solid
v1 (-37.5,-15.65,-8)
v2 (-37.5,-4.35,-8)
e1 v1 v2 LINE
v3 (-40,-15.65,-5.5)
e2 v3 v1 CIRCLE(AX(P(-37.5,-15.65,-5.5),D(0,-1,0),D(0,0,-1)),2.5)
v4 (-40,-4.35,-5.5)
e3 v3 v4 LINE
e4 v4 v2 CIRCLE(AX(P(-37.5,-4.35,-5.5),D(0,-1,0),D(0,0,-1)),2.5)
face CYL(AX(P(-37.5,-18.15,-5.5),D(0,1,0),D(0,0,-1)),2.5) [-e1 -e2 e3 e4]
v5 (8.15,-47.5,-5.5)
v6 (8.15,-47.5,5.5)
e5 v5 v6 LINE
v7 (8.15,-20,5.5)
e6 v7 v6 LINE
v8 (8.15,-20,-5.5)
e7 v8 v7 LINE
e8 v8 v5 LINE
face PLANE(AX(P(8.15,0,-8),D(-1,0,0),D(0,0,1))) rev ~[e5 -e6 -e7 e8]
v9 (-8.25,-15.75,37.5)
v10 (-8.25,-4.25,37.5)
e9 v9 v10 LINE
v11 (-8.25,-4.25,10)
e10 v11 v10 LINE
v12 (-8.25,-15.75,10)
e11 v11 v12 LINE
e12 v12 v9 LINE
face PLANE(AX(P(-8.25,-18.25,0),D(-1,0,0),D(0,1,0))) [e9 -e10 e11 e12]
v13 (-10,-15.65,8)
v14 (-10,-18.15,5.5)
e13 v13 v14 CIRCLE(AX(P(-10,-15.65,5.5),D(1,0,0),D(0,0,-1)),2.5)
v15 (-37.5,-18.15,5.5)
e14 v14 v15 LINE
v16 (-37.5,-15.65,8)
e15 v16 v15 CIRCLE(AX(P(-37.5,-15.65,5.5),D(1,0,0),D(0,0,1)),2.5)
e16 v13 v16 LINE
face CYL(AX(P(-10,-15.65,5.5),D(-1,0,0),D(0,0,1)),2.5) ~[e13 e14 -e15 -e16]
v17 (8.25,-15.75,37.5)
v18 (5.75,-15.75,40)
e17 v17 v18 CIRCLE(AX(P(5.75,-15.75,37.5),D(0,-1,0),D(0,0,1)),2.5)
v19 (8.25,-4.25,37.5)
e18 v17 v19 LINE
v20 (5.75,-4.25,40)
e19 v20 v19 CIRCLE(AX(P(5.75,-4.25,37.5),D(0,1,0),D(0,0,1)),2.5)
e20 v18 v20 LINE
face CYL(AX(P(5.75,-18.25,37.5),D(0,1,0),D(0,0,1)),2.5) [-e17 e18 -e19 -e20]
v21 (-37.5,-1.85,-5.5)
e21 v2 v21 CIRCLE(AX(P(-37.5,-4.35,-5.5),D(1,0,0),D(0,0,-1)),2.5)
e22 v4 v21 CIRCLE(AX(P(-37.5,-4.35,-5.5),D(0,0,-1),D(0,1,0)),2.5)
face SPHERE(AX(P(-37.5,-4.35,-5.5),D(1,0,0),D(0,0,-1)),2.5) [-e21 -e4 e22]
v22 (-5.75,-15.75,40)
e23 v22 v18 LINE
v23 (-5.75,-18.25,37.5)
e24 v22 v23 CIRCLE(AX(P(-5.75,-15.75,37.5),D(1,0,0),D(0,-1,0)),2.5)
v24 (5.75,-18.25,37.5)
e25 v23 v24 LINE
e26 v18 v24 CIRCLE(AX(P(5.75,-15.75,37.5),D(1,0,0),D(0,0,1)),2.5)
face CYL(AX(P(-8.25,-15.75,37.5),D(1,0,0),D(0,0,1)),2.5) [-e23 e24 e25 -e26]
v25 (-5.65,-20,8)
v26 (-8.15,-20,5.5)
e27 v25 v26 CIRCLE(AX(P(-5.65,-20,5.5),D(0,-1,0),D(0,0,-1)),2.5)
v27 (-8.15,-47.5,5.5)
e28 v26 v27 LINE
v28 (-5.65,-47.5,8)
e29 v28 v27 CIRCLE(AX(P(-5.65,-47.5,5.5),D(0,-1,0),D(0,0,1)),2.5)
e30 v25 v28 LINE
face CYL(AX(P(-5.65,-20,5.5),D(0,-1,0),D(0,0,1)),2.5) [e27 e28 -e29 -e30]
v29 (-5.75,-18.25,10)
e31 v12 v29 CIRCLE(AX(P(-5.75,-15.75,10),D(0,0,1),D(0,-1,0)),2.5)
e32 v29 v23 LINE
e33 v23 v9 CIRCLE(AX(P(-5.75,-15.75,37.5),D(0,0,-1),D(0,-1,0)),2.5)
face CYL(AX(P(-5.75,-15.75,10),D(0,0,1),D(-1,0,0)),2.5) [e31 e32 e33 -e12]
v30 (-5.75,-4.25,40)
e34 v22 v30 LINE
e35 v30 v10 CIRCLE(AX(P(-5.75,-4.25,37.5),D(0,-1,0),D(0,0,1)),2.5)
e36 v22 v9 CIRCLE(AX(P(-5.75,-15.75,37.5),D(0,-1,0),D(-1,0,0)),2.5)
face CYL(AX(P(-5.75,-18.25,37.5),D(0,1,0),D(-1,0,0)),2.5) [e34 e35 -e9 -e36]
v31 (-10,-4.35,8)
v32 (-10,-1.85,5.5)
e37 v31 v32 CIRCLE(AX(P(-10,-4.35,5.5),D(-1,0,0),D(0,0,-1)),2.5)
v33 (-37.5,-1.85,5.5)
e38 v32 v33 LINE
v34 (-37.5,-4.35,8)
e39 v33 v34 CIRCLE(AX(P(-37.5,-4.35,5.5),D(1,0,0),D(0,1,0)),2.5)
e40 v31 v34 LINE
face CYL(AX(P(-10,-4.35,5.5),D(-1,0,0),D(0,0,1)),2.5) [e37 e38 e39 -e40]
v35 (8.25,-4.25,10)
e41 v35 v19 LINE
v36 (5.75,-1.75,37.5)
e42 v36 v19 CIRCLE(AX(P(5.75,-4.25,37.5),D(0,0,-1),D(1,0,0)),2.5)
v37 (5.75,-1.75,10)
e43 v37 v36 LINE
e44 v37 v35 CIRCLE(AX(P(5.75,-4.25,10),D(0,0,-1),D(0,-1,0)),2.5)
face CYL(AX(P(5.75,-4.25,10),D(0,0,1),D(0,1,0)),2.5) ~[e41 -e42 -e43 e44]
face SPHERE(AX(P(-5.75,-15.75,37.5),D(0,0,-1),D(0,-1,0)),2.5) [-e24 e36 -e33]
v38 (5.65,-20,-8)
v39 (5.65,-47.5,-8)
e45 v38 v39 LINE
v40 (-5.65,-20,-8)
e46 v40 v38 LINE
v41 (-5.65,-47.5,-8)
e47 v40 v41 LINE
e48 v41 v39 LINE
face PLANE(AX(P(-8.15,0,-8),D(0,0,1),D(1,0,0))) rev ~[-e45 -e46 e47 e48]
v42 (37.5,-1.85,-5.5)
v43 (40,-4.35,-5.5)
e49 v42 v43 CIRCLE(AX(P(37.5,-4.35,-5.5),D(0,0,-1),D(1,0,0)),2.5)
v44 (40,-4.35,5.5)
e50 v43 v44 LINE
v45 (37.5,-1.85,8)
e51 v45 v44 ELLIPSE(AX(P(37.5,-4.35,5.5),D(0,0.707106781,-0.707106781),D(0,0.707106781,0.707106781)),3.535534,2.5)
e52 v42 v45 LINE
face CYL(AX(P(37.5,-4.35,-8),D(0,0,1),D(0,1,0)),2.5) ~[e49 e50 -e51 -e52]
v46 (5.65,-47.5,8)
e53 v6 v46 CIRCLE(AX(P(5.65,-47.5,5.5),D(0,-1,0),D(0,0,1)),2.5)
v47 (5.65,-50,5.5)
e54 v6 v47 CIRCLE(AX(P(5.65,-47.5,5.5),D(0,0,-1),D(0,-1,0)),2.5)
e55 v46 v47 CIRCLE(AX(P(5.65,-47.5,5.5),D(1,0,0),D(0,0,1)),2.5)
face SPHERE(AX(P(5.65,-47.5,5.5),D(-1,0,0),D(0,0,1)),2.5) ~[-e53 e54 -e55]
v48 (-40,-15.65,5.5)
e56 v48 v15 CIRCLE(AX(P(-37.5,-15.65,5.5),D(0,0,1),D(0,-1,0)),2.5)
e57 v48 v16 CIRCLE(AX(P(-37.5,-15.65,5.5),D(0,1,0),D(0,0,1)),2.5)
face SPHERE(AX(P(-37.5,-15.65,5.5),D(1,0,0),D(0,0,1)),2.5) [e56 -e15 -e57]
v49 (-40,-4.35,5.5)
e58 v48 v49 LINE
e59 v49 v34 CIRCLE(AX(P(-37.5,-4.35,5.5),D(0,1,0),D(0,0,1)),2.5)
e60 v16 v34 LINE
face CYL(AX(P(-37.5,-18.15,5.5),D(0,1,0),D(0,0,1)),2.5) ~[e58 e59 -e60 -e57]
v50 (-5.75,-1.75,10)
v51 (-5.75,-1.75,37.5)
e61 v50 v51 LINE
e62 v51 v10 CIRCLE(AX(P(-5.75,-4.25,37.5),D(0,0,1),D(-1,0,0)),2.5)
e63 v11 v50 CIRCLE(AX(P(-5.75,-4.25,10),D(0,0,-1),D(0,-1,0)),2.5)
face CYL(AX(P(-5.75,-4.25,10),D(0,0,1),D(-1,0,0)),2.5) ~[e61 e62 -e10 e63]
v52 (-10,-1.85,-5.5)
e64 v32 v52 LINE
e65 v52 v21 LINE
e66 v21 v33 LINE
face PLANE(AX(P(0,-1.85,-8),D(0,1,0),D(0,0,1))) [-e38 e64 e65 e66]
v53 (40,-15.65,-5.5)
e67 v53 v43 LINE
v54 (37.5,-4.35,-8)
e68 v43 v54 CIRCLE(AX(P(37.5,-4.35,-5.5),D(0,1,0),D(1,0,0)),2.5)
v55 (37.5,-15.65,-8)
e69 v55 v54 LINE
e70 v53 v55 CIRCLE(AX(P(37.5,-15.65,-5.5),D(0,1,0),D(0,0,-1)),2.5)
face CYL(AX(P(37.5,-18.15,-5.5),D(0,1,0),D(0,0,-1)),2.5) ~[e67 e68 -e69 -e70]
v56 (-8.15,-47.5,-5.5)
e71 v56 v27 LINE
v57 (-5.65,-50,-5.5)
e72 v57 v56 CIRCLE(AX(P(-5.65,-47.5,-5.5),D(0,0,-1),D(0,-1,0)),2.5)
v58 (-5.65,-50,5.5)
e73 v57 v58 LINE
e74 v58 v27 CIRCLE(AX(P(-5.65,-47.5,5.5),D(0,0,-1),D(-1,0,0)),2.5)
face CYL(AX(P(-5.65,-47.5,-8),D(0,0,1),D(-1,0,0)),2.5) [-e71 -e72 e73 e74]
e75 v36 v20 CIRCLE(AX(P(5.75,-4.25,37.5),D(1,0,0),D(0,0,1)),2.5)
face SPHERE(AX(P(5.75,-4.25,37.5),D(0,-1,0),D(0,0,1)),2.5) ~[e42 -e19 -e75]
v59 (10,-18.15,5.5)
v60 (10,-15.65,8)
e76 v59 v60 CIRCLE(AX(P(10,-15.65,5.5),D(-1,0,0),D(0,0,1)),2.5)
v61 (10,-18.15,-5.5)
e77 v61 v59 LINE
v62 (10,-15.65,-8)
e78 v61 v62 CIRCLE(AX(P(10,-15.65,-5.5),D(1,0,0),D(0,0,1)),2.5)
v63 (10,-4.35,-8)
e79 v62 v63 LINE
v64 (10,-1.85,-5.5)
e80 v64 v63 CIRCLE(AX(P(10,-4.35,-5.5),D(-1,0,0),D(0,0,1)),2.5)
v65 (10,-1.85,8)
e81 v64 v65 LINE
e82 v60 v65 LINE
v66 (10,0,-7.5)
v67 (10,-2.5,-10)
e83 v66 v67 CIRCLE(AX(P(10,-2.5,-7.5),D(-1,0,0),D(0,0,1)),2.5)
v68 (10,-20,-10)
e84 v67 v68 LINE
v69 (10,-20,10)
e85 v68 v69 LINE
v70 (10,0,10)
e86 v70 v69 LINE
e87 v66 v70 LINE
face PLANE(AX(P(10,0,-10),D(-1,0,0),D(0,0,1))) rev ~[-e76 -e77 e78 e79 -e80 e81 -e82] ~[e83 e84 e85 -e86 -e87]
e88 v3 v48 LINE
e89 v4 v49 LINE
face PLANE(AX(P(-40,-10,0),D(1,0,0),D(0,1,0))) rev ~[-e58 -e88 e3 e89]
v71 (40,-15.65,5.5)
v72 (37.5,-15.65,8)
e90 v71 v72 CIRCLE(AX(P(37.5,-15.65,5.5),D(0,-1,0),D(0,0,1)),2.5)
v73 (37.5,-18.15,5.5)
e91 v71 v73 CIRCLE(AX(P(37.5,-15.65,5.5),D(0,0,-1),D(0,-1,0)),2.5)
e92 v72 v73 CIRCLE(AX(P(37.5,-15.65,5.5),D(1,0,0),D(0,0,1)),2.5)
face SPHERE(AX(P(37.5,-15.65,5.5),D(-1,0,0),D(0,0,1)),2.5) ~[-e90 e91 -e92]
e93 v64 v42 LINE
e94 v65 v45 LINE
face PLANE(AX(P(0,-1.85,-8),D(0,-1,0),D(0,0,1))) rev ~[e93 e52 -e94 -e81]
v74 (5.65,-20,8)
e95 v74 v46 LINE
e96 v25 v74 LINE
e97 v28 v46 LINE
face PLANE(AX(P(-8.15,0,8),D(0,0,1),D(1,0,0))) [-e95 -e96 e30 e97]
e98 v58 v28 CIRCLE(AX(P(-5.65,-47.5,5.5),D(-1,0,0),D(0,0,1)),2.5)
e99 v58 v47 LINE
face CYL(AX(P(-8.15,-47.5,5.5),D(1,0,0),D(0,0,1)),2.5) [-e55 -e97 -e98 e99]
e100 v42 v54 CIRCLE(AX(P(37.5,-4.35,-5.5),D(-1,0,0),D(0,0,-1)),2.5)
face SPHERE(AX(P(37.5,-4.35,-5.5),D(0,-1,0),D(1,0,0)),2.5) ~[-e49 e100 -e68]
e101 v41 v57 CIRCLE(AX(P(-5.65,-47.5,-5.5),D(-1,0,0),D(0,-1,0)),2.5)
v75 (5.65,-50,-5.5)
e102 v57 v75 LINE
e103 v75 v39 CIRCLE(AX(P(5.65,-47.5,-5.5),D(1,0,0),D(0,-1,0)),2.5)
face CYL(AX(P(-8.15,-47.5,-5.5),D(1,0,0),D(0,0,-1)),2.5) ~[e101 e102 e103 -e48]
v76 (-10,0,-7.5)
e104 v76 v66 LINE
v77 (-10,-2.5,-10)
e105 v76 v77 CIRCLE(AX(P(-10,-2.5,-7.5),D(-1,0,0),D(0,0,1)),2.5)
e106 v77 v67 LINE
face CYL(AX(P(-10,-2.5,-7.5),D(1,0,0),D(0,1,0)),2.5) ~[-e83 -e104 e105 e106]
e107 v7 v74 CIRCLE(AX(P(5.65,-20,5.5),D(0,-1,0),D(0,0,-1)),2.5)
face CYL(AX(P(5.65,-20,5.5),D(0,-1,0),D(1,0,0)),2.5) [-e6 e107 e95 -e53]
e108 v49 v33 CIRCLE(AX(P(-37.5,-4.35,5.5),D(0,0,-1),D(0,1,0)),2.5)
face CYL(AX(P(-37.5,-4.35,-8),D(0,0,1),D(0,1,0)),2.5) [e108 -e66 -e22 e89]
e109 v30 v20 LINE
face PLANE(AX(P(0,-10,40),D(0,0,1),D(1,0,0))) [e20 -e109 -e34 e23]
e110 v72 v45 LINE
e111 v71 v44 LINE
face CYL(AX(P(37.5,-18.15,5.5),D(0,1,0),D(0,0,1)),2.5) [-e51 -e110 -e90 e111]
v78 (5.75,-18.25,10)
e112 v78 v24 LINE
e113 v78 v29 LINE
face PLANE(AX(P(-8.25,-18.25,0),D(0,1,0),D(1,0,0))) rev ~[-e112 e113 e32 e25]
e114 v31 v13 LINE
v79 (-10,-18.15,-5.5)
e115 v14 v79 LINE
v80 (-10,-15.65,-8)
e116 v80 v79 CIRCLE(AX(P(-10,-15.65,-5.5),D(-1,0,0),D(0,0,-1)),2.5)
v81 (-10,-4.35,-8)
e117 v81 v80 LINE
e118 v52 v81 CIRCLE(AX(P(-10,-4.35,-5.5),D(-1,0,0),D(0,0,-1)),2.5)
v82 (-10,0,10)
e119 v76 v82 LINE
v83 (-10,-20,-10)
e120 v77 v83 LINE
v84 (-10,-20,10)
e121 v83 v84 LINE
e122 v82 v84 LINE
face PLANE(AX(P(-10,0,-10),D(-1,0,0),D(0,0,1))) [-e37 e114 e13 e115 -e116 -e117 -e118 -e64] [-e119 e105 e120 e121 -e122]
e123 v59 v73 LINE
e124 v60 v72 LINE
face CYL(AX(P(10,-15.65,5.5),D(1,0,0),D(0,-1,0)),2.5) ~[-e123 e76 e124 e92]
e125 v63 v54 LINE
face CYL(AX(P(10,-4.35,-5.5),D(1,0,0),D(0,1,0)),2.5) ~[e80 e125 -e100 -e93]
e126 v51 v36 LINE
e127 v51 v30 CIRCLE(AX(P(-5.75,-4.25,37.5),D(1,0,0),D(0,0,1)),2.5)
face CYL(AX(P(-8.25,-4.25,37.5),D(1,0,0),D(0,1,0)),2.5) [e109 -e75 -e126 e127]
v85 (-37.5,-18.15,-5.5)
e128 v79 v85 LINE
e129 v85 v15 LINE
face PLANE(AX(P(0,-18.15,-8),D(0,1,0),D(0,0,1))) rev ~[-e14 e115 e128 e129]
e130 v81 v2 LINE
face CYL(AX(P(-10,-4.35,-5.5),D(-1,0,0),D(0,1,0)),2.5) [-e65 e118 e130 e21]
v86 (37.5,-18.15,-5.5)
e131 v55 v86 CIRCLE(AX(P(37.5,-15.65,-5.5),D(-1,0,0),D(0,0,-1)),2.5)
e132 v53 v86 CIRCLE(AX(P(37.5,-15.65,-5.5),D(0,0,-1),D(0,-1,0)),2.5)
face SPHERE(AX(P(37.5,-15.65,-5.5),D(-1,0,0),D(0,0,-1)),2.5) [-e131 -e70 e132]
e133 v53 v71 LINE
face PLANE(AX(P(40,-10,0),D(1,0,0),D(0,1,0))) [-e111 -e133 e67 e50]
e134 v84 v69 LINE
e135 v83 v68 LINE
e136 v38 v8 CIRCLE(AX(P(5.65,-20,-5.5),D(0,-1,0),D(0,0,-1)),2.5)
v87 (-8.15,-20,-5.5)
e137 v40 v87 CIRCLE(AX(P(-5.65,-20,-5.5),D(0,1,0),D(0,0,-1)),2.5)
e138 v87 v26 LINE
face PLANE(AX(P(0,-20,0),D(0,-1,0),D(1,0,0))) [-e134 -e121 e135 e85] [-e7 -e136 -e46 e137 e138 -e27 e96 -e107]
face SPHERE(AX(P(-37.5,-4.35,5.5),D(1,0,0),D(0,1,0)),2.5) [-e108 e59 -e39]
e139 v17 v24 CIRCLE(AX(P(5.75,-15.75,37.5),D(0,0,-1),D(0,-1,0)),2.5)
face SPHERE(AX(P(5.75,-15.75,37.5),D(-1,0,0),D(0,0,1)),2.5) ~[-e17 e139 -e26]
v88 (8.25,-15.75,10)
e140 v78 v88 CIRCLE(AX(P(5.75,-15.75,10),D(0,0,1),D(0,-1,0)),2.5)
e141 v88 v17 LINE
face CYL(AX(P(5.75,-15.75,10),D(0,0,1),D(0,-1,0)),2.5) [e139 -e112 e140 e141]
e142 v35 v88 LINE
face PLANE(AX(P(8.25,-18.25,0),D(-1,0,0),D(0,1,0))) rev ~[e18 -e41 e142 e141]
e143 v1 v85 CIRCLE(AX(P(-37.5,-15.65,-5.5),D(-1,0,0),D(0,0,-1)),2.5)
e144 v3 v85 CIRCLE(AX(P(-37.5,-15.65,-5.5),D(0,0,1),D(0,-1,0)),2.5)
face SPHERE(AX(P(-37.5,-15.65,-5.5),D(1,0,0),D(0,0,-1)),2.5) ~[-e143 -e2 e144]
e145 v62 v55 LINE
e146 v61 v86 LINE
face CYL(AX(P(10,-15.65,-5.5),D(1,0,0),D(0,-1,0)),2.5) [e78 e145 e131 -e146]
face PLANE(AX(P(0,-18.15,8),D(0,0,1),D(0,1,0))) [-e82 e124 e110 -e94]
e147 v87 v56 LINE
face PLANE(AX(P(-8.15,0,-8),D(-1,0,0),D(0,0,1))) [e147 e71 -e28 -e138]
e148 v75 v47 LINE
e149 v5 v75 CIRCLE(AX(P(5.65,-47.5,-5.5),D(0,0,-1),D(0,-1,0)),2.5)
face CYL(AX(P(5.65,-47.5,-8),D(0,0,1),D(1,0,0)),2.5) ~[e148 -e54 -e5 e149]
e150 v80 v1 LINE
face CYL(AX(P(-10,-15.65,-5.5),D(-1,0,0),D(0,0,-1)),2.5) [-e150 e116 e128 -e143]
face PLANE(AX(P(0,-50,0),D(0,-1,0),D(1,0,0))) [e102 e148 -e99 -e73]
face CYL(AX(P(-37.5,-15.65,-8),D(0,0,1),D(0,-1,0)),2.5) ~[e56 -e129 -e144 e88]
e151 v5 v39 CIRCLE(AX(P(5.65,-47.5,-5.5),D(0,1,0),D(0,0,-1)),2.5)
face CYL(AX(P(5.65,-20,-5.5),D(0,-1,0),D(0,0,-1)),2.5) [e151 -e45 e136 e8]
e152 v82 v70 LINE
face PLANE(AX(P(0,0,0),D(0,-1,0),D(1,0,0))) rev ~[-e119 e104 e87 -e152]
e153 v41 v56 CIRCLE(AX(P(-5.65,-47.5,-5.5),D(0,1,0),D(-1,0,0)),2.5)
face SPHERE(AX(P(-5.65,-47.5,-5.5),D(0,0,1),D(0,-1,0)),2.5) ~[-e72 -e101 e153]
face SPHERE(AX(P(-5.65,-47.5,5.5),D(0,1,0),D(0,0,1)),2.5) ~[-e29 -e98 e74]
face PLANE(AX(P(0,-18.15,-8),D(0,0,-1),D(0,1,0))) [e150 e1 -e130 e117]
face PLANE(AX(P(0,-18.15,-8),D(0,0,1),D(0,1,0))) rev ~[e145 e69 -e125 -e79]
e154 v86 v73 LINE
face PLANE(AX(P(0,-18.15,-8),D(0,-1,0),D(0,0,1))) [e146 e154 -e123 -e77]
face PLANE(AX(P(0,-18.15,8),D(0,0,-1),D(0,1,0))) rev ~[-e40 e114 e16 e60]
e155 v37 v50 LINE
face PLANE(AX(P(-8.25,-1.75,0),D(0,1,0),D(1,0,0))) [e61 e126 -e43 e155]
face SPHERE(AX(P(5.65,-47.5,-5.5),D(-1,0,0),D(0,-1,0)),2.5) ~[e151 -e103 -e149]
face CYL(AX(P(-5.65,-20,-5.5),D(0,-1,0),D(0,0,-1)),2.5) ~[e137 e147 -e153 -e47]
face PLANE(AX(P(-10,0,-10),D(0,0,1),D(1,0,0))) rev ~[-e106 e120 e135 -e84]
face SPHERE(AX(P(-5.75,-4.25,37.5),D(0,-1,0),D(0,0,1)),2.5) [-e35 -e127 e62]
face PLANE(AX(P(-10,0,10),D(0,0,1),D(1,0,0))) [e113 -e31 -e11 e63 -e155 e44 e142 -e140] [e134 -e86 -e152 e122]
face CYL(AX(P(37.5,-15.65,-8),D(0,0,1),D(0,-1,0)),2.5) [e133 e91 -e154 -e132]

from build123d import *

# Parameters (mm, degrees)
F0_W     = 16.3
F0_H     = 16
F1_DEPTH = 50
F0_W_2   = 20
F0_H_2   = 20
F2_DEPTH = 20
F3_W     = 16.3
F3_H     = 16
F4_DEPTH = 40
F5_W     = 16.3
F5_H     = 16
F6_DEPTH = 40
F7_W     = 16.5
F7_H     = 16.5
F8_DEPTH = 40
F9_R     = 2.5


with BuildPart() as f1:
    # F0 (on Front) → F1 (new body)
    with BuildSketch(Plane.XZ):
        Rectangle(F0_W, F0_H)
    extrude(amount=F1_DEPTH)

    # F0 (on Front) → F2 (join)
    with BuildSketch(Plane.XZ):
        Rectangle(F0_W_2, F0_H_2)
        Rectangle(F0_W, F0_H, mode=Mode.SUBTRACT)
    extrude(amount=F2_DEPTH)

    # F3 (on Right) → F4 (join)
    with BuildSketch(Plane.YZ):
        with Locations((-10, 0)):
            Rectangle(F3_W, F3_H)
    extrude(amount=F4_DEPTH)

    # F5 (on Right) → F6 (join)
    with BuildSketch(Plane.YZ):
        with Locations((-10, 0)):
            Rectangle(F5_W, F5_H)
    extrude(amount=-F6_DEPTH)

    # F7 (on Top) → F8 (join)
    with BuildSketch(Plane.XY):
        with Locations((0, -10)):
            Rectangle(F7_W, F7_H)
    extrude(amount=F8_DEPTH)

    # F9
    f9_edges = [f1.edges().sort_by_distance(p)[0] for p in [
        (0, 0, -10),
        (-25, -1.85, -8),
        (-25, -18.15, -8),
        (-25, -1.85, 8),
        (-25, -18.15, 8),
        (-40, -10, -8),
        (-40, -1.85, 0),
        (-40, -10, 8),
        (-40, -18.15, 0),
        (-8.25, -18.25, 25),
        (0, -18.25, 40),
        (-8.25, -10, 40),
        (8.25, -10, 40),
        (0, -1.75, 40),
        (-8.25, -1.75, 25),
        (8.25, -1.75, 25),
        (8.25, -18.25, 25),
        (-8.15, -35, 8),
        (0, -50, 8),
        (8.15, -35, 8),
        (-8.15, -50, 0),
        (0, -50, -8),
        (8.15, -50, 0),
        (25, -18.15, 8),
        (25, -18.15, -8),
        (40, -10, -8),
        (40, -1.85, 0),
        (40, -10, 8),
        (40, -18.15, 0),
        (8.15, -35, -8),
        (-8.15, -35, -8),
        (25, -1.85, -8),
    ]]
    fillet(f9_edges, radius=F9_R)


solid = f1.part
